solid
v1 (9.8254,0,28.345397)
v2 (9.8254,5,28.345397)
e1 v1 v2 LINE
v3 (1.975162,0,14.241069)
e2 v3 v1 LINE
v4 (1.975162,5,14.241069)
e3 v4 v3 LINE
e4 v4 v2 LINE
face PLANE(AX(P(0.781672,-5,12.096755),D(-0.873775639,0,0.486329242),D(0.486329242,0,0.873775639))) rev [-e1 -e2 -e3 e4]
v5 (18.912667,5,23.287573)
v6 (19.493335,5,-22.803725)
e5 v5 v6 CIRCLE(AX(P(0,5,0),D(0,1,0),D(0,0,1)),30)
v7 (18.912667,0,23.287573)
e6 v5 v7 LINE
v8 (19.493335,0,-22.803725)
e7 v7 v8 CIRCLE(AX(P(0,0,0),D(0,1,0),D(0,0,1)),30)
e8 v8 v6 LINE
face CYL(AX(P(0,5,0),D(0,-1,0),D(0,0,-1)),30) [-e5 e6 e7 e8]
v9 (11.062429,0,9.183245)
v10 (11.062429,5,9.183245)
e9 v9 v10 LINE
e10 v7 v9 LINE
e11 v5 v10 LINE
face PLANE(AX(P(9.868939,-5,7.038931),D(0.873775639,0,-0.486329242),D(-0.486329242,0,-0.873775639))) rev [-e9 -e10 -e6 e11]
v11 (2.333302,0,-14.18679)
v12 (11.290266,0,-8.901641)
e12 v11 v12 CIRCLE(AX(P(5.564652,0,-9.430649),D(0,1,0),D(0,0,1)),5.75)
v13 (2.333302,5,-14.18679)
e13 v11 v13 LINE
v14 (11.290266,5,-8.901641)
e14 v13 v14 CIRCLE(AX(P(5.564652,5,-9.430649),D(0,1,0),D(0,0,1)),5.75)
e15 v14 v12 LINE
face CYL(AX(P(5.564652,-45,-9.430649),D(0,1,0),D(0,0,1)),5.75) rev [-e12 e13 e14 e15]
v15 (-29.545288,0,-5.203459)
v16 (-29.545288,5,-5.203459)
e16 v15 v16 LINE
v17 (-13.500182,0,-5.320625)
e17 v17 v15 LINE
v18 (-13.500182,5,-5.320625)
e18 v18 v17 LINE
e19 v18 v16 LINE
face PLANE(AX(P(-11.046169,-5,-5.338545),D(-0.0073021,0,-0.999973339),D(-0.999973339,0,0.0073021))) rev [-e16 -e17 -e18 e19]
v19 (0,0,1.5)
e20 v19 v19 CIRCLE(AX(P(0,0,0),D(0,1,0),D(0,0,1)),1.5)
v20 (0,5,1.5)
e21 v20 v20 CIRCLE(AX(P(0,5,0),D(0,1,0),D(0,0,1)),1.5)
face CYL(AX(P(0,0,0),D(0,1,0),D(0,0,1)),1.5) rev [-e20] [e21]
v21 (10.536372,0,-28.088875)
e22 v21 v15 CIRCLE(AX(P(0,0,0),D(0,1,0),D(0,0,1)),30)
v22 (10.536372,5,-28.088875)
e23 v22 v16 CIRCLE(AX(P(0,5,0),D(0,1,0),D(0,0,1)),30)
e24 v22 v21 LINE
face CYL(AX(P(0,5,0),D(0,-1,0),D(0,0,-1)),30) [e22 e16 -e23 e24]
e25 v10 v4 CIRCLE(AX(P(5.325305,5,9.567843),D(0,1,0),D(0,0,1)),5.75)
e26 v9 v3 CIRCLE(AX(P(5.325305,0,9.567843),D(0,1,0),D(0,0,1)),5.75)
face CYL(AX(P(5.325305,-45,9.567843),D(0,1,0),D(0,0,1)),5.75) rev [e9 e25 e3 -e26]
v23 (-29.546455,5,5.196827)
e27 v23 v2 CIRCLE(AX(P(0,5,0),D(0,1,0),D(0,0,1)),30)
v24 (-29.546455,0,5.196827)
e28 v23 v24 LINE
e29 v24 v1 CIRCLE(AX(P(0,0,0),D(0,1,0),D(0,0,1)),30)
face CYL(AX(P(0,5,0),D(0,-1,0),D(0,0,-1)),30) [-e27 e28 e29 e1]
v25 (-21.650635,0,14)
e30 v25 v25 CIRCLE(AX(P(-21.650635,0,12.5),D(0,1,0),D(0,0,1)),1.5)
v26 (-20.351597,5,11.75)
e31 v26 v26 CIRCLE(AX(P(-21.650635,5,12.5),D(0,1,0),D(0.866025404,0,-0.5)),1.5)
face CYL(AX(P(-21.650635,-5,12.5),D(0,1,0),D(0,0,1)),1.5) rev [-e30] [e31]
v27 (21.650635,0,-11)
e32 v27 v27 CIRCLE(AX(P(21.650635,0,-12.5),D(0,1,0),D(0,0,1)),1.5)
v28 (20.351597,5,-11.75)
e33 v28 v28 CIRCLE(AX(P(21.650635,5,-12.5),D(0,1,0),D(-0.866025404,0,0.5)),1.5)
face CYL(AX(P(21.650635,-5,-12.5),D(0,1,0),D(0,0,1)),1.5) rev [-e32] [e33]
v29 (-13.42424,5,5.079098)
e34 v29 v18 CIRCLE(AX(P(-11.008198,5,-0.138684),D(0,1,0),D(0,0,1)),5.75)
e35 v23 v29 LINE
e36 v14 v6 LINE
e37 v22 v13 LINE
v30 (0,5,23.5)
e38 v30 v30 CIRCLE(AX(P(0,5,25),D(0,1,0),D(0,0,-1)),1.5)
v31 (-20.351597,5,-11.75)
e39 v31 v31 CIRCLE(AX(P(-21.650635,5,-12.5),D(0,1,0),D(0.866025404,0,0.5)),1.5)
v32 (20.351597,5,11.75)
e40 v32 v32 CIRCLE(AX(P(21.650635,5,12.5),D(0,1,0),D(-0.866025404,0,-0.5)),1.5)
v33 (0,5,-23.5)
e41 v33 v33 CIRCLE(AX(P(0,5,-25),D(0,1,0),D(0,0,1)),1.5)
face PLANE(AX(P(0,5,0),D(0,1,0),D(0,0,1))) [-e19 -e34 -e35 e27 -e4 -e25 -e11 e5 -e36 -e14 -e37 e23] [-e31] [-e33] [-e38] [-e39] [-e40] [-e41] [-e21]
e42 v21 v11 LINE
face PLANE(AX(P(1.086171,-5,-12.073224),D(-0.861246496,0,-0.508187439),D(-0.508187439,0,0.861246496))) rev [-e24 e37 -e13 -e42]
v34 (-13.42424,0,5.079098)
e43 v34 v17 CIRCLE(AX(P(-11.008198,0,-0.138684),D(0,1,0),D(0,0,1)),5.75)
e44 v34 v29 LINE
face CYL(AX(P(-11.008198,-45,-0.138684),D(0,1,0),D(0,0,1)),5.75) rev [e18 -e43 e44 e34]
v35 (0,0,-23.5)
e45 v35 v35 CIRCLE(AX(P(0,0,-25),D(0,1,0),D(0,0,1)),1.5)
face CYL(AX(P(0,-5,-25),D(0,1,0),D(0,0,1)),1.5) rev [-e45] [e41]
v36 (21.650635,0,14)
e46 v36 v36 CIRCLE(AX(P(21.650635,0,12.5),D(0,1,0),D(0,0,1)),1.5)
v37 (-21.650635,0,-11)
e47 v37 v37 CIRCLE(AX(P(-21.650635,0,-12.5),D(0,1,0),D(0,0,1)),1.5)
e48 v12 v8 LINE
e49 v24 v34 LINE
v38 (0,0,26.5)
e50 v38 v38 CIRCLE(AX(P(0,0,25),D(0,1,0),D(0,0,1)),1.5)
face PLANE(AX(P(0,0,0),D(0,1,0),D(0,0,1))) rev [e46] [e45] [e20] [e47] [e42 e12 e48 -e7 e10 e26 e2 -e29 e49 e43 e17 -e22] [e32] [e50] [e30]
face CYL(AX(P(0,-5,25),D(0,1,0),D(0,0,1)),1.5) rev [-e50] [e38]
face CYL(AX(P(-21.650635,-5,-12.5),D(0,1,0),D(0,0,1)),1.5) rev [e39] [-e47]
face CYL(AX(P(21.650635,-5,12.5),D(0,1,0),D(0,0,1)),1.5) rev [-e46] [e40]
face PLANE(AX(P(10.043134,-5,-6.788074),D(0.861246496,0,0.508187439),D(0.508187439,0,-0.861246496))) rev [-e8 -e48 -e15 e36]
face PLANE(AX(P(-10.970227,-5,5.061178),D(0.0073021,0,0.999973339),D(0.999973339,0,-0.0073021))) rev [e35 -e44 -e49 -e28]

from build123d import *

# Parameters (mm, degrees)
SKETCH5_R           = 30
BOSS_EXTRUDE1_DEPTH = 5
SKETCH6_R           = 5.75
CUT_EXTRUDE1_DEPTH  = 50
SKETCH11_R          = 1.5
CUT_EXTRUDE2_DEPTH  = 43.720018727
SKETCH13_R          = 1.5
CUT_EXTRUDE3_DEPTH  = 10
CIRPATTERN2_COUNT   = 6
CUT_EXTRUDE4_DEPTH  = 10


with BuildPart() as part:
    # Sketch5 → Boss-Extrude1 (new body)
    with BuildSketch(Plane(origin=(0, 0, 0), x_dir=(1, 0, 0), z_dir=(0, 1, 0))):
        with Locations(Location((0, 0, 0), (0, 0, 270))):
            Circle(SKETCH5_R)
    extrude(amount=BOSS_EXTRUDE1_DEPTH)

    # Sketch6 → Cut-Extrude1 (cut)
    with BuildSketch(Plane(origin=(0, 5, 0), x_dir=(1, 0, 0), z_dir=(0, 1, 0))):
        with Locations(Location((5.564652455, 9.430649132, 0), (0, 0, 270))):
            Circle(SKETCH6_R)
        with Locations(Location((5.325305202, -9.567843252, 0), (0, 0, 270))):
            Circle(SKETCH6_R)
        with Locations(Location((-11.00819821, 0.138683741, 0), (0, 0, 270))):
            Circle(SKETCH6_R)
    extrude(amount=-CUT_EXTRUDE1_DEPTH, mode=Mode.SUBTRACT)

    # Sketch11 → Cut-Extrude2 (cut, through all)
    with BuildSketch(Plane(origin=(0, 5, 0), x_dir=(1, 0, 0), z_dir=(0, 1, 0))):
        with Locations(Location((0, 0, 0), (0, 0, 270))):
            Circle(SKETCH11_R)
    extrude(amount=-CUT_EXTRUDE2_DEPTH, mode=Mode.SUBTRACT)

    # Sketch13 → Cut-Extrude3 (cut)
    with BuildSketch(Plane(origin=(0, 5, 0), x_dir=(1, 0, 0), z_dir=(0, 1, 0))):
        with Locations(Location((0, 25, 0), (0, 0, 270))):
            Circle(SKETCH13_R)
    cut_extrude3 = extrude(amount=-CUT_EXTRUDE3_DEPTH, mode=Mode.SUBTRACT)

    # CirPattern2: Cut-Extrude3 ×6 about axis
    cirpattern2_axis = Axis((0, 0, 0), (0, 1, 0))
    for i in range(1, CIRPATTERN2_COUNT):
        add(cut_extrude3.rotate(cirpattern2_axis, i * 360 / CIRPATTERN2_COUNT), mode=Mode.SUBTRACT)

    # Sketch14 → Cut-Extrude4 (cut)
    with BuildSketch(Plane(origin=(0, 5, 0), x_dir=(1, 0, 0), z_dir=(0, 1, 0))):
        with BuildLine():
            Line((9.868938528, -7.038931193), (19.133510592, -23.684357125))
            ThreePointArc((19.133510592, -23.684357125), (17.118789327, -30.75690251), (10.046243942, -28.742181244))
            Line((10.046243942, -28.742181244), (0.781671877, -12.096755312))
            ThreePointArc((0.781671877, -12.096755312), (2.796393143, -5.024209927), (9.868938528, -7.038931193))
        make_face()
        with BuildLine():
            Line((1.086170675, 12.073223814), (10.767141384, 28.479969565))
            ThreePointArc((10.767141384, 28.479969565), (17.888197845, 30.315876663), (19.724104943, 23.194820202))
            Line((19.724104943, 23.194820202), (10.043134234, 6.788074451))
            ThreePointArc((10.043134234, 6.788074451), (2.922077773, 4.952167353), (1.086170675, 12.073223814))
        make_face()
        with BuildLine():
            Line((-10.970227288, -5.061177624), (-29.962029078, -5.199861364))
            ThreePointArc((-29.962029078, -5.199861364), (-35.199861364, -0.037970922), (-30.037970922, 5.199861364))
            Line((-30.037970922, 5.199861364), (-11.046169132, 5.338545105))
            ThreePointArc((-11.046169132, 5.338545105), (-5.808336846, 0.176654663), (-10.970227288, -5.061177624))
        make_face()
    extrude(amount=-CUT_EXTRUDE4_DEPTH, mode=Mode.SUBTRACT)


solid = part.part
